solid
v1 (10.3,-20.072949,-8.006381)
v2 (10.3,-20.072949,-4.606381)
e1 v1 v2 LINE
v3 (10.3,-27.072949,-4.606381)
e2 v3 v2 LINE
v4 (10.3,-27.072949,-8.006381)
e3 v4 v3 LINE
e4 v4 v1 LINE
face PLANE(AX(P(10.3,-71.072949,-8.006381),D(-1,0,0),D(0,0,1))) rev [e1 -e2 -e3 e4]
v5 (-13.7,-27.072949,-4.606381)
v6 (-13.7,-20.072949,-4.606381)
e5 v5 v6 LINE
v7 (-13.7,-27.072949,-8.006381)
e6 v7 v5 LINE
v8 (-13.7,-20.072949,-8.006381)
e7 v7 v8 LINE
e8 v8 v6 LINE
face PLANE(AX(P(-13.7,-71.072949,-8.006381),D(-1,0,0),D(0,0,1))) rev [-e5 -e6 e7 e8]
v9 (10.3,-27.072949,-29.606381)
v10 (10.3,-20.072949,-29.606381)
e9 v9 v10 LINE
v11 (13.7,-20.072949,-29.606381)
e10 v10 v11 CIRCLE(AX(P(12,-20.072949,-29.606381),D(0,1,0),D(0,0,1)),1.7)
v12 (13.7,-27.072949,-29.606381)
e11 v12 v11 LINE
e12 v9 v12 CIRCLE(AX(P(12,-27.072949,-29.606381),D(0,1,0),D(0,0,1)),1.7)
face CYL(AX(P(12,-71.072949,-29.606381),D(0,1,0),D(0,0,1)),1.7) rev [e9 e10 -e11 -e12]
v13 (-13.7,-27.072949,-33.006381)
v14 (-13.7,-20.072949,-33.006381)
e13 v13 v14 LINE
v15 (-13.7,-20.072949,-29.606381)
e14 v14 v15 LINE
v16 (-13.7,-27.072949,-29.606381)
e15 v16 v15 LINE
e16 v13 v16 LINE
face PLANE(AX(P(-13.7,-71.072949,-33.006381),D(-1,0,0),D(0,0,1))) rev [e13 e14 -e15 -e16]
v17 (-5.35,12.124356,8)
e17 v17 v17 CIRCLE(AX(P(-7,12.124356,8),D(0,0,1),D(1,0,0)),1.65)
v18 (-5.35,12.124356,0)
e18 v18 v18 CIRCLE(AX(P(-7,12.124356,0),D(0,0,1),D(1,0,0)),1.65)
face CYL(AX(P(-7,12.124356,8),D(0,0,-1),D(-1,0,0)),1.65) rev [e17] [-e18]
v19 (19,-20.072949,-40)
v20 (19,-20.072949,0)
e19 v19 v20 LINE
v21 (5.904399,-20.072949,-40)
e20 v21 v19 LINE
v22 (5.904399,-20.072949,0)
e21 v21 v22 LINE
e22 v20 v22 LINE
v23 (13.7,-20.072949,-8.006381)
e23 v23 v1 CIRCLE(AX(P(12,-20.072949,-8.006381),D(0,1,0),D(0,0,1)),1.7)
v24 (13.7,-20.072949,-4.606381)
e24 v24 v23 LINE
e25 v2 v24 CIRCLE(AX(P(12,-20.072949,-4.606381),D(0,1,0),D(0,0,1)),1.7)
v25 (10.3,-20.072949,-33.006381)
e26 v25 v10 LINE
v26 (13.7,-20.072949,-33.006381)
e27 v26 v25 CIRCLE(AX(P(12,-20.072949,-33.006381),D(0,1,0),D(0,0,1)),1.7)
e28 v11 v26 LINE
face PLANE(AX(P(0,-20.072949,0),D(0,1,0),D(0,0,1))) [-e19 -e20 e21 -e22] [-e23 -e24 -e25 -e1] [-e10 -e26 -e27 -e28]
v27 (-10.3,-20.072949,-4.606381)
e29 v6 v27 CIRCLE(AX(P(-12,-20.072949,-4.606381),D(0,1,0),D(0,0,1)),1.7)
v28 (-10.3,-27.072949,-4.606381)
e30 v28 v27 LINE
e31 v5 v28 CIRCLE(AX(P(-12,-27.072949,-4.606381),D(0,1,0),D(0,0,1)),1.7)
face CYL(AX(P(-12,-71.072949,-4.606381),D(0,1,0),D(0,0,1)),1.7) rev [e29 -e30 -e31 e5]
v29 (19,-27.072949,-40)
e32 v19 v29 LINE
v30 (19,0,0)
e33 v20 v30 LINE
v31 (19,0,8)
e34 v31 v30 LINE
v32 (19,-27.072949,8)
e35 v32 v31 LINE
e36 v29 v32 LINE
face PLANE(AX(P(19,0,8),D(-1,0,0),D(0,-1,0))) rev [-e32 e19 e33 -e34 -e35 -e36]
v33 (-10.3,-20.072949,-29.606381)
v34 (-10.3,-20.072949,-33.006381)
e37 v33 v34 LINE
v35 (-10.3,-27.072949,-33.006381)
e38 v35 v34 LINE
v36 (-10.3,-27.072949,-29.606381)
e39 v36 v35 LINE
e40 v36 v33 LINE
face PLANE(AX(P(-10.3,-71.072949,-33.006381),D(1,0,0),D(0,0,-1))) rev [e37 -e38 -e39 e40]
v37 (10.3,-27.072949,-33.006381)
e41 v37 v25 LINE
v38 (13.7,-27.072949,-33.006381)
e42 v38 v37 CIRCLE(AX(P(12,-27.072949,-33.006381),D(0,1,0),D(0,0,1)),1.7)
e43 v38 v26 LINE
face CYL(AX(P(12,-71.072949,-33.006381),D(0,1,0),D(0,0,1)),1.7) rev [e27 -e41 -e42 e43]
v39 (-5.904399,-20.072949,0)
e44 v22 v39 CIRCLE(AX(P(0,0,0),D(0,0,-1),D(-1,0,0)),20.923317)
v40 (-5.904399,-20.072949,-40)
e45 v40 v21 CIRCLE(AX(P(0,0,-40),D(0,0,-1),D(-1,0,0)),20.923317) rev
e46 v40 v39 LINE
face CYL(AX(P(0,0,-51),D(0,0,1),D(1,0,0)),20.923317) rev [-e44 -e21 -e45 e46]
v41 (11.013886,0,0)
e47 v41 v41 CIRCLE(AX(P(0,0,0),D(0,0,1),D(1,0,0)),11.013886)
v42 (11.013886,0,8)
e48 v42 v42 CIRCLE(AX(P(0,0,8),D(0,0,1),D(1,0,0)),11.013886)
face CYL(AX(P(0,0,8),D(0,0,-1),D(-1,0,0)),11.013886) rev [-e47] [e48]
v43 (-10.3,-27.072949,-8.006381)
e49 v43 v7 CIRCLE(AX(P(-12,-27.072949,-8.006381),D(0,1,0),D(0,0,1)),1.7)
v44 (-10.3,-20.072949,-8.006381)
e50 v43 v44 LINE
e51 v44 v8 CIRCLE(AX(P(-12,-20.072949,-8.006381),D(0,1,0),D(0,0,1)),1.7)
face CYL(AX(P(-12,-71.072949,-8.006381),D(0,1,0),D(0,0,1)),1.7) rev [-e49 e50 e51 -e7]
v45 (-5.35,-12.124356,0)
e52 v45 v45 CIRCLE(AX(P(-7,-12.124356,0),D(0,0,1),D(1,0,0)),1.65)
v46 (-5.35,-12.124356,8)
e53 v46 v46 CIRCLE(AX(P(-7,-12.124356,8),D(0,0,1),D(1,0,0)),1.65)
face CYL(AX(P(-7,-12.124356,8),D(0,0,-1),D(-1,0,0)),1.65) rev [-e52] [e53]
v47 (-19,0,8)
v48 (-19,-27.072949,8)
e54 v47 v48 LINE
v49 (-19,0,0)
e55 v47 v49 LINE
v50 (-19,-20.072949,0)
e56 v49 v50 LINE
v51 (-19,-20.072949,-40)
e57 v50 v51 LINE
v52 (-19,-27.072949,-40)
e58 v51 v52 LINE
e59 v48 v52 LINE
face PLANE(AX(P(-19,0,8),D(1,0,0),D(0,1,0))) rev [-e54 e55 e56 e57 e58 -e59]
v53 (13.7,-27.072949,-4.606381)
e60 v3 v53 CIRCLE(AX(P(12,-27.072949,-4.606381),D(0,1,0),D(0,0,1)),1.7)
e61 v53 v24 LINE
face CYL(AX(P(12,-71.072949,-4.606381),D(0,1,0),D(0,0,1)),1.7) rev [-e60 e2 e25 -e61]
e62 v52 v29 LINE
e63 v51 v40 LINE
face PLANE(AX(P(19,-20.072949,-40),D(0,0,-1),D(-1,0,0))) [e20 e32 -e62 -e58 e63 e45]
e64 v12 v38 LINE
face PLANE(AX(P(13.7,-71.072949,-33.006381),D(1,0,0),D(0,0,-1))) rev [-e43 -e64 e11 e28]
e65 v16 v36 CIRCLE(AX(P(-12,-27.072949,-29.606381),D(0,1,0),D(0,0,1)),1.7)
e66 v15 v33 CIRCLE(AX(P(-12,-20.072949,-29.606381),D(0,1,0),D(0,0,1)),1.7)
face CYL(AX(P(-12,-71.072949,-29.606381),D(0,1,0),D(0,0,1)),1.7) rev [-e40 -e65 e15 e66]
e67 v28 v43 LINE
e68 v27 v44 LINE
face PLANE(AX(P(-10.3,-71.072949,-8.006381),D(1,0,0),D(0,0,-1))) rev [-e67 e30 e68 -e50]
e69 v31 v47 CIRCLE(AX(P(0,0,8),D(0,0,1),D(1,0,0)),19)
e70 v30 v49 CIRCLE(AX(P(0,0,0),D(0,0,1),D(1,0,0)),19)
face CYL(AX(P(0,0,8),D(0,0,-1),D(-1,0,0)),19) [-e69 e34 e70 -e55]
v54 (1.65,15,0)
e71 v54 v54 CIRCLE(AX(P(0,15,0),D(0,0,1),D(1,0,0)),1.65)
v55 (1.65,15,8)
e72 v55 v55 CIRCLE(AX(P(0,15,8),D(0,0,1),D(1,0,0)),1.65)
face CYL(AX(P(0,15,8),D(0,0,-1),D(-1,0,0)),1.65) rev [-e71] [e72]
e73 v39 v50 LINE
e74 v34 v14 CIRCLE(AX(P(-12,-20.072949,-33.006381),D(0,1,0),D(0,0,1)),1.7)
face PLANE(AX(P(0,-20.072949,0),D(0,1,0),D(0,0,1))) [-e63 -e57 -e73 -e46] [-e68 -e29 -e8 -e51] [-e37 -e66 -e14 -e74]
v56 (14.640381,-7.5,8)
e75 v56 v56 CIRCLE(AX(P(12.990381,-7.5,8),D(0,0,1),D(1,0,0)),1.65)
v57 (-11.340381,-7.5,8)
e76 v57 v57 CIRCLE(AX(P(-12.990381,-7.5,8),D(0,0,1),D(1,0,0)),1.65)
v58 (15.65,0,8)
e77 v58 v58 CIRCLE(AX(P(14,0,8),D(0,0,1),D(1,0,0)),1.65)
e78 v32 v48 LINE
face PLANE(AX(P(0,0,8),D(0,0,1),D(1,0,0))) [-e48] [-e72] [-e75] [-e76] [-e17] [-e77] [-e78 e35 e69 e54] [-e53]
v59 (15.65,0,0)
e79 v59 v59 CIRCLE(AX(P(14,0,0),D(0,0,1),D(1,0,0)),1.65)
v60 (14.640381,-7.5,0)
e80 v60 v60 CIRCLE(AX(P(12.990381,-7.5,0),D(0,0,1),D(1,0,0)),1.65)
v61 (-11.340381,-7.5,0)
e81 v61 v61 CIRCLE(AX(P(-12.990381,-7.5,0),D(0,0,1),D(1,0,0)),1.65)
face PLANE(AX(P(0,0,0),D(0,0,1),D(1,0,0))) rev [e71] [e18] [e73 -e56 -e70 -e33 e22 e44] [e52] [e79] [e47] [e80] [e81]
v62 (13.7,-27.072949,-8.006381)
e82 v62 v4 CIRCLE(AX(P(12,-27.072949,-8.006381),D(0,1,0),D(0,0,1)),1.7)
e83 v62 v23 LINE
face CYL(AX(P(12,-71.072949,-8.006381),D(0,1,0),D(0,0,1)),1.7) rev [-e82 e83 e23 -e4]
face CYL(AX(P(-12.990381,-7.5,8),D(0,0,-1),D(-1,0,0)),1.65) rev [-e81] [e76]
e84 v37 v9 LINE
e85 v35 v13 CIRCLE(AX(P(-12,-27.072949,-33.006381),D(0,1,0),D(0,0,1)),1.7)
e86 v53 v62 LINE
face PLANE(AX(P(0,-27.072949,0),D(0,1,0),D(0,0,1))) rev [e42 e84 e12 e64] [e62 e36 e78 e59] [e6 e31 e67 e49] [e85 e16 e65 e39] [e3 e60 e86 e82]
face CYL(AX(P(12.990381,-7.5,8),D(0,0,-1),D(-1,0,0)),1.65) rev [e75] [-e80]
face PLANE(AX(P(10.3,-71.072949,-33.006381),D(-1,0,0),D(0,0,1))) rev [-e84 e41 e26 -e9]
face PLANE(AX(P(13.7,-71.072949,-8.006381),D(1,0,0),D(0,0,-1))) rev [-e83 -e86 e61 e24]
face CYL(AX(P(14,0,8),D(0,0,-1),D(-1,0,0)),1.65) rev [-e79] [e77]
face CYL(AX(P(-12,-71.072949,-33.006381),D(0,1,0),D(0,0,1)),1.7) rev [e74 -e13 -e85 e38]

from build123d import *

# Parameters (mm, degrees)
SKETCH1_R                = 11.013886191
BOSS_EXTRUDE1_DEPTH      = 8
BOSS_EXTRUDE2_DEPTH      = 5
BOSS_EXTRUDE2_DEPTH_BACK = 2
SKETCH2_W                = 38
SKETCH2_H                = 48
CUT_EXTRUDE1_DEPTH       = 51
CUT_EXTRUDE2_DEPTH       = 51


with BuildPart() as part:
    # Sketch1 → Boss-Extrude1 (new body)
    with BuildSketch(Plane.XY):
        with BuildLine():
            Line((0, -22.07294906), (-19, -22.07294906))
            Line((-19, -22.07294906), (-19, 0))
            ThreePointArc((-19, 0), (0, 19), (19, 0))
            Line((19, 0), (19, -22.07294906))
            Line((19, -22.07294906), (0, -22.07294906))
        make_face()
        Circle(SKETCH1_R, mode=Mode.SUBTRACT)
        with BuildLine():
            ThreePointArc((-11.340381057, -7.5), (-12.990381057, -5.85), (-14.640381057, -7.5))
            ThreePointArc((-14.640381057, -7.5), (-12.990381057, -9.15), (-11.340381057, -7.5))
        make_face(mode=Mode.SUBTRACT)
        with BuildLine():
            ThreePointArc((-5.35, -12.124355653), (-7, -10.474355653), (-8.65, -12.124355653))
            ThreePointArc((-8.65, -12.124355653), (-7, -13.774355653), (-5.35, -12.124355653))
        make_face(mode=Mode.SUBTRACT)
        with BuildLine():
            ThreePointArc((11.340381057, -7.5), (12.990381057, -9.15), (14.640381057, -7.5))
            ThreePointArc((14.640381057, -7.5), (12.990381057, -5.85), (11.340381057, -7.5))
        make_face(mode=Mode.SUBTRACT)
        with BuildLine():
            ThreePointArc((15.65, 0), (14, 1.65), (12.35, 0))
            ThreePointArc((12.35, 0), (14, -1.65), (15.65, 0))
        make_face(mode=Mode.SUBTRACT)
        with BuildLine():
            ThreePointArc((-1.65, 15), (0, 13.35), (1.65, 15))
            ThreePointArc((1.65, 15), (0, 16.65), (-1.65, 15))
        make_face(mode=Mode.SUBTRACT)
        with BuildLine():
            ThreePointArc((-5.35, 12.124355653), (-7, 13.774355653), (-8.65, 12.124355653))
            ThreePointArc((-8.65, 12.124355653), (-7, 10.474355653), (-5.35, 12.124355653))
        make_face(mode=Mode.SUBTRACT)
    extrude(amount=BOSS_EXTRUDE1_DEPTH)

    # Sketch2 → Boss-Extrude2 (add, two sides: drawn at the far end of the back side and taken through both)
    with BuildSketch(Plane.XZ.offset(22.07294906).offset(-BOSS_EXTRUDE2_DEPTH_BACK)):
        with Locations((0, -16)):
            Rectangle(SKETCH2_W, SKETCH2_H)
    extrude(amount=BOSS_EXTRUDE2_DEPTH + BOSS_EXTRUDE2_DEPTH_BACK)

    # Sketch3 → Cut-Extrude1 (cut)
    with BuildSketch(Plane(origin=(0, 0, 0), x_dir=(-1, 0, 0), z_dir=(0, 0, -1))):
        with BuildLine():
            Line((5.904398983, -20.07294906), (-5.904398983, -20.07294906))
            ThreePointArc((-5.904398983, -20.07294906), (0, -20.923317407), (5.904398983, -20.07294906))
        make_face()
    extrude(amount=CUT_EXTRUDE1_DEPTH, mode=Mode.SUBTRACT)

    # Sketch4 → Cut-Extrude2 (cut)
    with BuildSketch(Plane(origin=(0, -20.07294906, 0), x_dir=(1, 0, 0), z_dir=(0, 1, 0))):
        with BuildLine():
            Line((-13.7, 8.006381215), (-13.7, 4.606381215))
            ThreePointArc((-13.7, 4.606381215), (-12, 2.906381215), (-10.3, 4.606381215))
            Line((-10.3, 4.606381215), (-10.3, 8.006381215))
            ThreePointArc((-10.3, 8.006381215), (-12, 9.706381215), (-13.7, 8.006381215))
        make_face()
        with BuildLine():
            Line((-13.7, 33.006381215), (-13.7, 29.606381215))
            ThreePointArc((-13.7, 29.606381215), (-12, 27.906381215), (-10.3, 29.606381215))
            Line((-10.3, 29.606381215), (-10.3, 33.006381215))
            ThreePointArc((-10.3, 33.006381215), (-12, 34.706381215), (-13.7, 33.006381215))
        make_face()
        with BuildLine():
            Line((13.7, 33.006381215), (13.7, 29.606381215))
            ThreePointArc((13.7, 29.606381215), (12, 27.906381215), (10.3, 29.606381215))
            Line((10.3, 29.606381215), (10.3, 33.006381215))
            ThreePointArc((10.3, 33.006381215), (12, 34.706381215), (13.7, 33.006381215))
        make_face()
        with BuildLine():
            Line((13.7, 8.006381215), (13.7, 4.606381215))
            ThreePointArc((13.7, 4.606381215), (12, 2.906381215), (10.3, 4.606381215))
            Line((10.3, 4.606381215), (10.3, 8.006381215))
            ThreePointArc((10.3, 8.006381215), (12, 9.706381215), (13.7, 8.006381215))
        make_face()
    extrude(amount=-CUT_EXTRUDE2_DEPTH, mode=Mode.SUBTRACT)


solid = part.part
